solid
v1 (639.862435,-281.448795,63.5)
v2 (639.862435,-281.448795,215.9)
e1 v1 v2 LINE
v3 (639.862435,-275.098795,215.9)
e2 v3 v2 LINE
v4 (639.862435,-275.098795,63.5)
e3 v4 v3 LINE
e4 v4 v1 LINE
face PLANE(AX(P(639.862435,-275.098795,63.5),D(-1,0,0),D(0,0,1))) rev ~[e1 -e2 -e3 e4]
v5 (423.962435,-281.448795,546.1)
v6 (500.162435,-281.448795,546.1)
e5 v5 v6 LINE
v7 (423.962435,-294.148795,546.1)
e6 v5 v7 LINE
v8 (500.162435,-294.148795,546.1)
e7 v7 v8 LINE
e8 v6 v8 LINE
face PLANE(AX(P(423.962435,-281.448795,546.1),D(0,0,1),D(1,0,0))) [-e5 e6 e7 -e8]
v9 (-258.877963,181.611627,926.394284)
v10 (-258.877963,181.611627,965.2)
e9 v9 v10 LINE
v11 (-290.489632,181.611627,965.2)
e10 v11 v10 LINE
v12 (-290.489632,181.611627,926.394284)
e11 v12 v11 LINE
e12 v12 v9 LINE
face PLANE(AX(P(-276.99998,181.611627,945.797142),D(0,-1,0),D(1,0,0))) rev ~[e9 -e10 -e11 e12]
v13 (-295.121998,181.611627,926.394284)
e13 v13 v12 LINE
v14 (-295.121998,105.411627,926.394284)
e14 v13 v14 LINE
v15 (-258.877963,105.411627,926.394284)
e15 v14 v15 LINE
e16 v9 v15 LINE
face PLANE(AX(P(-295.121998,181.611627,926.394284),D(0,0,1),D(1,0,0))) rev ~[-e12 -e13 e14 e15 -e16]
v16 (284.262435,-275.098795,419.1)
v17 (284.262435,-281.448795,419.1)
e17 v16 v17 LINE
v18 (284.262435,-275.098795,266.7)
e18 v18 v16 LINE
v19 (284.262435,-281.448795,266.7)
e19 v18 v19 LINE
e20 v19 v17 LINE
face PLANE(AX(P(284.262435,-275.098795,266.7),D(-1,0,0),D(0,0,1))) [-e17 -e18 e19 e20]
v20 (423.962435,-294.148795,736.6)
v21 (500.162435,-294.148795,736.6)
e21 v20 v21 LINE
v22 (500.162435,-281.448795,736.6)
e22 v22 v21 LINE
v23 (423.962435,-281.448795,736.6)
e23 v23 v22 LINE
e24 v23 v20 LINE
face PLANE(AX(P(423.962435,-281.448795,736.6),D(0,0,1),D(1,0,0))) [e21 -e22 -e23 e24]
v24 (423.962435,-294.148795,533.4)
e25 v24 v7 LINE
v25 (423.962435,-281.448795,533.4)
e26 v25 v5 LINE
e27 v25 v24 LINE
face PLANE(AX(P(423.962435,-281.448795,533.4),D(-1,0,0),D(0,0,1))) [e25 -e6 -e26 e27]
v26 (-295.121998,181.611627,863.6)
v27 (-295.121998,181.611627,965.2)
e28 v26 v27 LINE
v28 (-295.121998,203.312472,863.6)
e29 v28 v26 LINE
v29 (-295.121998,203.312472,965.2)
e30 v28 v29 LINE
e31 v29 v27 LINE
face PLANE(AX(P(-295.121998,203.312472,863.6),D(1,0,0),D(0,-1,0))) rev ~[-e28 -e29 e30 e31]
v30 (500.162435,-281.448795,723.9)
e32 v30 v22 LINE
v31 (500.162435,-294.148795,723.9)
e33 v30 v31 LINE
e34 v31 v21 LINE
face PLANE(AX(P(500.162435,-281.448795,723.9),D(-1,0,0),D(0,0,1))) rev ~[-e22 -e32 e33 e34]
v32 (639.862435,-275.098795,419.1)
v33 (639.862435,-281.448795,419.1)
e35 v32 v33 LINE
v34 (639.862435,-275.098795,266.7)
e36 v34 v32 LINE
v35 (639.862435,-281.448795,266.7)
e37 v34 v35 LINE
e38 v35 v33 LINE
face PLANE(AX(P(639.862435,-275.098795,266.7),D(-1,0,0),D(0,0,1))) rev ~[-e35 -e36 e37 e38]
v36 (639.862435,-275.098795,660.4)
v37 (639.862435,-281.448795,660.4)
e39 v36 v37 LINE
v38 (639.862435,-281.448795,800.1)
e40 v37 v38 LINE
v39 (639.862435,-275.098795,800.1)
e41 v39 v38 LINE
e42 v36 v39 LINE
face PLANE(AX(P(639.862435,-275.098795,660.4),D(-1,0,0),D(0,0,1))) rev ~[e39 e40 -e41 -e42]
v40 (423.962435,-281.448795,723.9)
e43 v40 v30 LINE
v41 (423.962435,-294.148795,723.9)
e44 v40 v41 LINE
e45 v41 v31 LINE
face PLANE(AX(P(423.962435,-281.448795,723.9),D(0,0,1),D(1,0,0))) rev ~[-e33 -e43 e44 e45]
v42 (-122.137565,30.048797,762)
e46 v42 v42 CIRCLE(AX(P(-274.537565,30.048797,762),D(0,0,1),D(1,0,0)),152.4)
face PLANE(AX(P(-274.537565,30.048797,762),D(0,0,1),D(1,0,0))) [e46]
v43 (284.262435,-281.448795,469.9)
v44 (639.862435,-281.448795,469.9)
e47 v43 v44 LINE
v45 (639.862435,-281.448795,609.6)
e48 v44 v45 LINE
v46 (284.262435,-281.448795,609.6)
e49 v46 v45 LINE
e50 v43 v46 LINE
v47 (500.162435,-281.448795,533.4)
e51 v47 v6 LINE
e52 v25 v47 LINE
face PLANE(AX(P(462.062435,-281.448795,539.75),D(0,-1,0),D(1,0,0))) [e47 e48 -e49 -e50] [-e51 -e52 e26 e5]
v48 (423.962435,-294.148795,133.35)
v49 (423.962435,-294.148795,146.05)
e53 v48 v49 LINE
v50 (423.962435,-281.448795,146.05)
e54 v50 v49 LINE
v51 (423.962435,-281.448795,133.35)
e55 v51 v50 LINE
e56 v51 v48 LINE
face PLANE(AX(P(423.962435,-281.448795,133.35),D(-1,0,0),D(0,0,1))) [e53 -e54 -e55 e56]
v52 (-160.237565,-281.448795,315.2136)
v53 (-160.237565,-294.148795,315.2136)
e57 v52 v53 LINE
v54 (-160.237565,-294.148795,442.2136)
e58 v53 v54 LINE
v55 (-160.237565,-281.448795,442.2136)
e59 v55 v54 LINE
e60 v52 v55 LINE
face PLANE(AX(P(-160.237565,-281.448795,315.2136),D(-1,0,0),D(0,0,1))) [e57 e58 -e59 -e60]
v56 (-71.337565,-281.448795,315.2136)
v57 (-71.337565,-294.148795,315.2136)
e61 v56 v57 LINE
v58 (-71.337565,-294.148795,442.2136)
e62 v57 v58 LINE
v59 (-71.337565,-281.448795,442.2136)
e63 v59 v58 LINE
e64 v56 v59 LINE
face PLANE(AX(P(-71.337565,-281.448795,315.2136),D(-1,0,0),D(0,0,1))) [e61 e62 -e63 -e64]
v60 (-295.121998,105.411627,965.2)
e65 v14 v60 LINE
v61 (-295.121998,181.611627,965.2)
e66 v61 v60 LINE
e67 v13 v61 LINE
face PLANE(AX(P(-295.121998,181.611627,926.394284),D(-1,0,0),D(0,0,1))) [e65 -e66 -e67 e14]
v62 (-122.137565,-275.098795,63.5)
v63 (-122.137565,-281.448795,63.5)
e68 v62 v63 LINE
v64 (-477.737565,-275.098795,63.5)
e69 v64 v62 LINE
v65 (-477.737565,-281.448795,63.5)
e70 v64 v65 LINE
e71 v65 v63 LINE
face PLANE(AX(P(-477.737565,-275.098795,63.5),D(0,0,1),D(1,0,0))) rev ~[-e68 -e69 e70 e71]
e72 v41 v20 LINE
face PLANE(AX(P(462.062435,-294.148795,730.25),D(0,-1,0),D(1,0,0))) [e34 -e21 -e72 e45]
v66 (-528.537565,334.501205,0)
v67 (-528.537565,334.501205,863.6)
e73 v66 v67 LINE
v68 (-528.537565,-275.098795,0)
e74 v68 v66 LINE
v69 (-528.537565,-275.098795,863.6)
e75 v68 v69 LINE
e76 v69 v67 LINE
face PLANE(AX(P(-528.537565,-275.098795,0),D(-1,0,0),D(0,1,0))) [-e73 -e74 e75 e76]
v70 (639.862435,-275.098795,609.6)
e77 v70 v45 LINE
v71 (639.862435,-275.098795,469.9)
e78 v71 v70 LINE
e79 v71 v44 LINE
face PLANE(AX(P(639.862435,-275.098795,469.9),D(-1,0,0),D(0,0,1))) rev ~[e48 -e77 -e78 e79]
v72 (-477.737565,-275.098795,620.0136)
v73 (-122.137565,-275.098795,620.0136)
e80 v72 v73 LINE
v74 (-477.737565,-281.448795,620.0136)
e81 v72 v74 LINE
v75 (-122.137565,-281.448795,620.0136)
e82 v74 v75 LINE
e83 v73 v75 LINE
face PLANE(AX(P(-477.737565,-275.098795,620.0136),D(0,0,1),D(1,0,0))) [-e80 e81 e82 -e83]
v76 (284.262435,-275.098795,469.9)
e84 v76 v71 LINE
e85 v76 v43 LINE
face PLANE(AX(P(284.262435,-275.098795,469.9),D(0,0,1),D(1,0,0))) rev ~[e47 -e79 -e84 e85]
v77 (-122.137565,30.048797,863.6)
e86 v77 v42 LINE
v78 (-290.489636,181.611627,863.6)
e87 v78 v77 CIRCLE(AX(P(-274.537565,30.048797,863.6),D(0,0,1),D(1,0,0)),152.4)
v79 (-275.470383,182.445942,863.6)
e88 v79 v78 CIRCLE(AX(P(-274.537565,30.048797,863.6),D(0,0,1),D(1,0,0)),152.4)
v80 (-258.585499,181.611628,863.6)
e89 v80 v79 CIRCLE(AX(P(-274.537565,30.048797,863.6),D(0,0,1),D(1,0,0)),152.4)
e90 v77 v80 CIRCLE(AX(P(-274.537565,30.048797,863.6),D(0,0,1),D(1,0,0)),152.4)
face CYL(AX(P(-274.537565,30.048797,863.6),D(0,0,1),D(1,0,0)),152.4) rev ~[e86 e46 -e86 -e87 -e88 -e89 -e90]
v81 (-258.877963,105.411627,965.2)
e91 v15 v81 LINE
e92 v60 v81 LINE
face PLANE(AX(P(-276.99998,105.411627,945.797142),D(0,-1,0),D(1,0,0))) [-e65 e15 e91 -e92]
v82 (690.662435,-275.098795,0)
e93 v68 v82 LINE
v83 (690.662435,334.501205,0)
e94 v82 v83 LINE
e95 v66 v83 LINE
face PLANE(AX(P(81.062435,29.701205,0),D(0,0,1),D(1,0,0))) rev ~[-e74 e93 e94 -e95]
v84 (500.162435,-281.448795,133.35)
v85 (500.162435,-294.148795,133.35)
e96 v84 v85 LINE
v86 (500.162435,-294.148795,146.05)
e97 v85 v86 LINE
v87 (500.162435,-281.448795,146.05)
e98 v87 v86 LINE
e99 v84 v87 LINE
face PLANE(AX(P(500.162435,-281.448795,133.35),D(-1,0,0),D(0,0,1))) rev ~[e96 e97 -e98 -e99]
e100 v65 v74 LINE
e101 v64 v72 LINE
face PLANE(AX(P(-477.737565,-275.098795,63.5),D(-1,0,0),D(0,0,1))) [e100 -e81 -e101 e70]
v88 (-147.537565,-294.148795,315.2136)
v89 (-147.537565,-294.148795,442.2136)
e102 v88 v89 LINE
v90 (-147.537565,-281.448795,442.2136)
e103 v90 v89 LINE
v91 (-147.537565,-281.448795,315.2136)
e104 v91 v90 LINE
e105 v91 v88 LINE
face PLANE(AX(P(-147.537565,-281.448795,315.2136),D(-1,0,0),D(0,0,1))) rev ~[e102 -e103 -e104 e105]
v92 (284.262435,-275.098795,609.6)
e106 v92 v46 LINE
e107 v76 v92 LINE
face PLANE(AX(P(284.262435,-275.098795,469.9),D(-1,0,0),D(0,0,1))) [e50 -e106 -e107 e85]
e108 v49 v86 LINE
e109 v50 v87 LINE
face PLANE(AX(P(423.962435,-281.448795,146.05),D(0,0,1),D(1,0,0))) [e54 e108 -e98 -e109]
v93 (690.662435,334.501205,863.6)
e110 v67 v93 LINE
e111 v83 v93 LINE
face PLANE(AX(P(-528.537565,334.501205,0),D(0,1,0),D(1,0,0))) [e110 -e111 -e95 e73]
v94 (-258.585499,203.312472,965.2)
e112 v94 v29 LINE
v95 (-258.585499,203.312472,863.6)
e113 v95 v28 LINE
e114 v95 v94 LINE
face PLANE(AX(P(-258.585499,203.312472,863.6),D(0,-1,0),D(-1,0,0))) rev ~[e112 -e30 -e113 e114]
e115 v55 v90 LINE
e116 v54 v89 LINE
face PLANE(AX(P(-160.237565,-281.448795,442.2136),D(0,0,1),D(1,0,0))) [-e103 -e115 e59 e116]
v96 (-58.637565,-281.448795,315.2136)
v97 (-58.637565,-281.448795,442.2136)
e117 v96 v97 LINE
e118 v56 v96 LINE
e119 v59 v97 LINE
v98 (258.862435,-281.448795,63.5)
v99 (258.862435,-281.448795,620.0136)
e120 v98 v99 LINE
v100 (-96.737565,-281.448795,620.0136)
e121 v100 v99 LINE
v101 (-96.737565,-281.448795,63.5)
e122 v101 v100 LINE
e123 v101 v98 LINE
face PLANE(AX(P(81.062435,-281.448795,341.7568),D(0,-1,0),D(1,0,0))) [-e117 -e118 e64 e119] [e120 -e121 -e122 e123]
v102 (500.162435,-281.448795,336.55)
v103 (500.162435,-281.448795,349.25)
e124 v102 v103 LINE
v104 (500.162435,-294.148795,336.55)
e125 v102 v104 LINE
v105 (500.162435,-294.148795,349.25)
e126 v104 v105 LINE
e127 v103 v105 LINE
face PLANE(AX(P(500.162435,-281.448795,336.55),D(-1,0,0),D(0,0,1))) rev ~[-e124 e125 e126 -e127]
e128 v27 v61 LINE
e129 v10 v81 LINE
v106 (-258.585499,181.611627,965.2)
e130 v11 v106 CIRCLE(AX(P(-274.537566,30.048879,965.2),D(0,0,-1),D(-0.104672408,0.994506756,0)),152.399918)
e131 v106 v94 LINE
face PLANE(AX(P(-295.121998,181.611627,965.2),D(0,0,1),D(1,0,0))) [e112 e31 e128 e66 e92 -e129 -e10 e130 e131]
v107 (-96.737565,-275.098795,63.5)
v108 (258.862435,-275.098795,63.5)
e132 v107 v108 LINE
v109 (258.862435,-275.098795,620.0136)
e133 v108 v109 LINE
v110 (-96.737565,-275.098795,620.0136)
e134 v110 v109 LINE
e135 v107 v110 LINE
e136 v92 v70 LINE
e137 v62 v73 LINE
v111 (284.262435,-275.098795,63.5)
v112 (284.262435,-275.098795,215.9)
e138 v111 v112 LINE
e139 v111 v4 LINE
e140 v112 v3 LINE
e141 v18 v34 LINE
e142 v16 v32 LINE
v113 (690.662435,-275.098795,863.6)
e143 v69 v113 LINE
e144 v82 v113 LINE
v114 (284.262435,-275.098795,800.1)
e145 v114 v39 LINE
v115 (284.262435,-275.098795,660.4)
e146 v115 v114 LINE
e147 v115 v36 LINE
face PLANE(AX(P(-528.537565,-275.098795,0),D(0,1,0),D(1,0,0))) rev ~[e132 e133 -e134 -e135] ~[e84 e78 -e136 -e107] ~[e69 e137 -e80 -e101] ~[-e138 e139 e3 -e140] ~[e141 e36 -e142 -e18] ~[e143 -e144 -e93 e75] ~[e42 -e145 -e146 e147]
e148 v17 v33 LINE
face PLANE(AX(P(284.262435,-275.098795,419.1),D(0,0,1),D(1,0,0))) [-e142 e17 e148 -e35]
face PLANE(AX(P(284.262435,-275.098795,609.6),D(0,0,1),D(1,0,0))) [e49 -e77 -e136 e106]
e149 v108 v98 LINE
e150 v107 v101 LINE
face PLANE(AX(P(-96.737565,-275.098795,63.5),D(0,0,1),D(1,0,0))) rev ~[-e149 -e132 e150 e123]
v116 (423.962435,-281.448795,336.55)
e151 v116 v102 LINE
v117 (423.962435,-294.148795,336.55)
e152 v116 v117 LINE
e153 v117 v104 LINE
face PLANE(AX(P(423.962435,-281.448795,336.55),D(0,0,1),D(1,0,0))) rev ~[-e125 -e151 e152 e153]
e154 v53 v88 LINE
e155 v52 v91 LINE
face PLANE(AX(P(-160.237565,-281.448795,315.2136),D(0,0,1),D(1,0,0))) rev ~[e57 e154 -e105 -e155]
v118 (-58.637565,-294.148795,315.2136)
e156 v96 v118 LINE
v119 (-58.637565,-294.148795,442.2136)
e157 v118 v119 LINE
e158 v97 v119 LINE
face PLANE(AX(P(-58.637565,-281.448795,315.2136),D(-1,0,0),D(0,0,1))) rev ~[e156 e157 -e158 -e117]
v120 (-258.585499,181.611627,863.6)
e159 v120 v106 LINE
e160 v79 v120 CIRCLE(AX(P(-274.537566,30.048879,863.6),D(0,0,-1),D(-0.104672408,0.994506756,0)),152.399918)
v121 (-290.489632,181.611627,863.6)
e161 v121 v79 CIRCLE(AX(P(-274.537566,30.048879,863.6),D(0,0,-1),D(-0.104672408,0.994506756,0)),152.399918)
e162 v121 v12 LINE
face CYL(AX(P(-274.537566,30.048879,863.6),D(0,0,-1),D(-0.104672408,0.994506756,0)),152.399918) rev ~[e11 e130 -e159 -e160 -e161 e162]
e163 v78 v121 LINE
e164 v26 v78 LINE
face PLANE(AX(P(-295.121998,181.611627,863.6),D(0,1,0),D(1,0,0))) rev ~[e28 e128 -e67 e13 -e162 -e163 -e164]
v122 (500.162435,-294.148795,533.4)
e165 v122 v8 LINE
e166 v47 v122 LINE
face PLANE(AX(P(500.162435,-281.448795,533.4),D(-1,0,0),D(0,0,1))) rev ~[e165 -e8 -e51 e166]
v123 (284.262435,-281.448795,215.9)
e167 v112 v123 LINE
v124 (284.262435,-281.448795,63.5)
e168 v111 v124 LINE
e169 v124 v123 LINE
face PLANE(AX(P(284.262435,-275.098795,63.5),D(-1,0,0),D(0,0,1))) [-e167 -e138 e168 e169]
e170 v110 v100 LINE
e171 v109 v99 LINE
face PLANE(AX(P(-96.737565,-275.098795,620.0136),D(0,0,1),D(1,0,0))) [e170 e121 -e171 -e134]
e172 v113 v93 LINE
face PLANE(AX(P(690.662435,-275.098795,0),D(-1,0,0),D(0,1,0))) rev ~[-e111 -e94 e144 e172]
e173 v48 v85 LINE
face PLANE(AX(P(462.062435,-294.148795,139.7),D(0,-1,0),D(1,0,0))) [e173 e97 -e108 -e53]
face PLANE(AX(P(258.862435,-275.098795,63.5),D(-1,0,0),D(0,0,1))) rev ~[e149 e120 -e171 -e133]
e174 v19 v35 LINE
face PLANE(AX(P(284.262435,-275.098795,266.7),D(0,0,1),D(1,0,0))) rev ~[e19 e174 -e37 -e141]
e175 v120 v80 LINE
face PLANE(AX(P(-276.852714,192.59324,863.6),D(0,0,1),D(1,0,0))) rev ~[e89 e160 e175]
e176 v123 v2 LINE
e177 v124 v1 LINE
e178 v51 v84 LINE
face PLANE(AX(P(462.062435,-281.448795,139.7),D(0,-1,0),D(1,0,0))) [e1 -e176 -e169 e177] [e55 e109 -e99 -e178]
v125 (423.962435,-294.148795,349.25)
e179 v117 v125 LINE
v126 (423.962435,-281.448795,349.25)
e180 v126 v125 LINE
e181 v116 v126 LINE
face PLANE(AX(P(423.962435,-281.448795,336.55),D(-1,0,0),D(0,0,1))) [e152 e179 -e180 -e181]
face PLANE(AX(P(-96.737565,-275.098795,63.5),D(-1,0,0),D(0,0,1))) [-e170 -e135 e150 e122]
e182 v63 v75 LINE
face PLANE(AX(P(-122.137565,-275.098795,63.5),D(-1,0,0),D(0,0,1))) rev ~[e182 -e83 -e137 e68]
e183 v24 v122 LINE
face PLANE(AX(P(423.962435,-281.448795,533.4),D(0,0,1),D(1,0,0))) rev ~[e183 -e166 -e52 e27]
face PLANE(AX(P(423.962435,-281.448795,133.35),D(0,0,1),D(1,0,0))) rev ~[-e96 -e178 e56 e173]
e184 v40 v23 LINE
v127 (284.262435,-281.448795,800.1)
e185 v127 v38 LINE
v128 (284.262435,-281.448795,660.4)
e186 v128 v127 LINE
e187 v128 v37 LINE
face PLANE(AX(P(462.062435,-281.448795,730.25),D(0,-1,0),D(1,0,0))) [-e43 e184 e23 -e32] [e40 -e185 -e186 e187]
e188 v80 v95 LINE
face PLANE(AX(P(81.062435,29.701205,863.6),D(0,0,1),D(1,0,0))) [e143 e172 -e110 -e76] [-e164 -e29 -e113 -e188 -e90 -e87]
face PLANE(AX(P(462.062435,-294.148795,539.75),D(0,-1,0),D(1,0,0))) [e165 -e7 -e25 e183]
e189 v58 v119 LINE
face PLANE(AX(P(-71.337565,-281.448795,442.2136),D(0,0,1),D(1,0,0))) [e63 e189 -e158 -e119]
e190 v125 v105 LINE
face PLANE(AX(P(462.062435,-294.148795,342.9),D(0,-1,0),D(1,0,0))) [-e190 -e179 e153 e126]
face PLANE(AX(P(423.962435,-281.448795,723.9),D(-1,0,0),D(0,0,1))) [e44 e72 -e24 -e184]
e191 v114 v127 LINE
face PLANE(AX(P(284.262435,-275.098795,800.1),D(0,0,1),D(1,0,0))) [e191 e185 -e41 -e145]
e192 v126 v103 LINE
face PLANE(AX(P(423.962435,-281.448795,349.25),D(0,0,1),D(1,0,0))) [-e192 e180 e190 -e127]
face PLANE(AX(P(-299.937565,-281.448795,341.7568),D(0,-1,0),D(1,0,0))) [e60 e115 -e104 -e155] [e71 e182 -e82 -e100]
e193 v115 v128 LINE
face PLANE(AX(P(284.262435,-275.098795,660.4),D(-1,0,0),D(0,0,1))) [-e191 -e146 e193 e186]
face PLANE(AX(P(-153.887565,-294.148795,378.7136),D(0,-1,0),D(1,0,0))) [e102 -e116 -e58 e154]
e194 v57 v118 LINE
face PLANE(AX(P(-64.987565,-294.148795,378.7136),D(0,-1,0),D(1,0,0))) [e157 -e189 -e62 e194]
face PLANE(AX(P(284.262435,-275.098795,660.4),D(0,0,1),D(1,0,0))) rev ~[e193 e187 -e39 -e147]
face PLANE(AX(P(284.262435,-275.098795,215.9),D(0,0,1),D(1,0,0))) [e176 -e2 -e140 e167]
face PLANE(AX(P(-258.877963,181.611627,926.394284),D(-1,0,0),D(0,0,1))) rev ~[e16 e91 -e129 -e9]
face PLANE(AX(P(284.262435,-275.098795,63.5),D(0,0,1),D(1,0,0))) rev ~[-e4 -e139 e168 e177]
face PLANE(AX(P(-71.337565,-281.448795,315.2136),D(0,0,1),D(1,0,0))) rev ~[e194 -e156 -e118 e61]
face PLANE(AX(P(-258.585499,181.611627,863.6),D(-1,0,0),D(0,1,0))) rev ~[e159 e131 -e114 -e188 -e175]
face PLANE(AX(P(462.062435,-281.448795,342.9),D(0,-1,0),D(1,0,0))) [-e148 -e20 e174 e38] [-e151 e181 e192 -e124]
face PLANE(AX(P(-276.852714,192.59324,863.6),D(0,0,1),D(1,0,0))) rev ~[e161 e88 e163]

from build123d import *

# Parameters (mm, degrees)
F0_W      = 1219.2
F0_H      = 609.6
F1_DEPTH  = 863.6
F2_W      = 355.6
F2_H      = 556.5136
F2_H_2    = 139.7
F2_H_3    = 152.4
F3_DEPTH  = 6.35
F4_W      = 12.7
F4_H      = 127
F4_W_2    = 76.2
F4_H_2    = 12.7
F5_DEPTH  = 12.7
F6_R      = 152.4
F7_DEPTH  = 101.6
F9_DEPTH  = 101.6
F10_W     = 36.244035
F10_H     = 38.805716
F11_DEPTH = 76.2


with BuildPart() as f1:
    # F0 (on Top) → F1 (new body)
    with BuildSketch(Plane.XY):
        with Locations((81.062435, 29.701205)):
            Rectangle(F0_W, F0_H)
    extrude(amount=F1_DEPTH)

    # F2 (on face) → F3 (join)
    with BuildSketch(Plane.XZ.offset(275.098795)):
        with Locations((-299.937565, 341.7568)):
            Rectangle(F2_W, F2_H)
        with Locations((81.062435, 341.7568)):
            Rectangle(F2_W, F2_H)
        with Locations((462.062435, 539.75)):
            Rectangle(F2_W, F2_H_2)
        with Locations((462.062435, 342.9)):
            Rectangle(F2_W, F2_H_3)
        with Locations((462.062435, 139.7)):
            Rectangle(F2_W, F2_H_3)
        with Locations((462.062435, 730.25)):
            Rectangle(F2_W, F2_H_2)
    extrude(amount=F3_DEPTH)

    # F4 (on face) → F5 (join)
    with BuildSketch(Plane.XZ.offset(281.448795)):
        with Locations((-153.887565, 378.7136)):
            Rectangle(F4_W, F4_H)
        with Locations((-64.987565, 378.7136)):
            Rectangle(F4_W, F4_H)
        with Locations((462.062435, 730.25)):
            Rectangle(F4_W_2, F4_H_2)
        with Locations((462.062435, 539.75)):
            Rectangle(F4_W_2, F4_H_2)
        with Locations((462.062435, 342.9)):
            Rectangle(F4_W_2, F4_H_2)
        with Locations((462.062435, 139.7)):
            Rectangle(F4_W_2, F4_H_2)
    extrude(amount=F5_DEPTH)

    # F6 (on face) → F7 (cut)
    with BuildSketch(Plane.XY.offset(863.6)):
        with Locations((-274.537565, 30.048797)):
            Circle(F6_R)
    extrude(amount=-F7_DEPTH, mode=Mode.SUBTRACT)

    # F8 (on face) → F9 (join)
    with BuildSketch(Plane.XY.offset(863.6)):
        with BuildLine():
            Line((-258.585499, 203.312472), (-295.121998, 203.312472))
            Line((-295.121998, 203.312472), (-295.121998, 181.611627))
            Line((-295.121998, 181.611627), (-290.489632, 181.611627))
            ThreePointArc((-290.489632, 181.611627), (-274.537565, 182.448797), (-258.585499, 181.611627))
            Line((-258.585499, 181.611627), (-258.585499, 203.312472))
        make_face()
    extrude(amount=F9_DEPTH)

    # F10 (on face) → F11 (join)
    with BuildSketch(Plane.XZ.offset(-181.611627)):
        with Locations((-276.99998, 945.797142)):
            Rectangle(F10_W, F10_H)
    extrude(amount=F11_DEPTH)


solid = f1.part
